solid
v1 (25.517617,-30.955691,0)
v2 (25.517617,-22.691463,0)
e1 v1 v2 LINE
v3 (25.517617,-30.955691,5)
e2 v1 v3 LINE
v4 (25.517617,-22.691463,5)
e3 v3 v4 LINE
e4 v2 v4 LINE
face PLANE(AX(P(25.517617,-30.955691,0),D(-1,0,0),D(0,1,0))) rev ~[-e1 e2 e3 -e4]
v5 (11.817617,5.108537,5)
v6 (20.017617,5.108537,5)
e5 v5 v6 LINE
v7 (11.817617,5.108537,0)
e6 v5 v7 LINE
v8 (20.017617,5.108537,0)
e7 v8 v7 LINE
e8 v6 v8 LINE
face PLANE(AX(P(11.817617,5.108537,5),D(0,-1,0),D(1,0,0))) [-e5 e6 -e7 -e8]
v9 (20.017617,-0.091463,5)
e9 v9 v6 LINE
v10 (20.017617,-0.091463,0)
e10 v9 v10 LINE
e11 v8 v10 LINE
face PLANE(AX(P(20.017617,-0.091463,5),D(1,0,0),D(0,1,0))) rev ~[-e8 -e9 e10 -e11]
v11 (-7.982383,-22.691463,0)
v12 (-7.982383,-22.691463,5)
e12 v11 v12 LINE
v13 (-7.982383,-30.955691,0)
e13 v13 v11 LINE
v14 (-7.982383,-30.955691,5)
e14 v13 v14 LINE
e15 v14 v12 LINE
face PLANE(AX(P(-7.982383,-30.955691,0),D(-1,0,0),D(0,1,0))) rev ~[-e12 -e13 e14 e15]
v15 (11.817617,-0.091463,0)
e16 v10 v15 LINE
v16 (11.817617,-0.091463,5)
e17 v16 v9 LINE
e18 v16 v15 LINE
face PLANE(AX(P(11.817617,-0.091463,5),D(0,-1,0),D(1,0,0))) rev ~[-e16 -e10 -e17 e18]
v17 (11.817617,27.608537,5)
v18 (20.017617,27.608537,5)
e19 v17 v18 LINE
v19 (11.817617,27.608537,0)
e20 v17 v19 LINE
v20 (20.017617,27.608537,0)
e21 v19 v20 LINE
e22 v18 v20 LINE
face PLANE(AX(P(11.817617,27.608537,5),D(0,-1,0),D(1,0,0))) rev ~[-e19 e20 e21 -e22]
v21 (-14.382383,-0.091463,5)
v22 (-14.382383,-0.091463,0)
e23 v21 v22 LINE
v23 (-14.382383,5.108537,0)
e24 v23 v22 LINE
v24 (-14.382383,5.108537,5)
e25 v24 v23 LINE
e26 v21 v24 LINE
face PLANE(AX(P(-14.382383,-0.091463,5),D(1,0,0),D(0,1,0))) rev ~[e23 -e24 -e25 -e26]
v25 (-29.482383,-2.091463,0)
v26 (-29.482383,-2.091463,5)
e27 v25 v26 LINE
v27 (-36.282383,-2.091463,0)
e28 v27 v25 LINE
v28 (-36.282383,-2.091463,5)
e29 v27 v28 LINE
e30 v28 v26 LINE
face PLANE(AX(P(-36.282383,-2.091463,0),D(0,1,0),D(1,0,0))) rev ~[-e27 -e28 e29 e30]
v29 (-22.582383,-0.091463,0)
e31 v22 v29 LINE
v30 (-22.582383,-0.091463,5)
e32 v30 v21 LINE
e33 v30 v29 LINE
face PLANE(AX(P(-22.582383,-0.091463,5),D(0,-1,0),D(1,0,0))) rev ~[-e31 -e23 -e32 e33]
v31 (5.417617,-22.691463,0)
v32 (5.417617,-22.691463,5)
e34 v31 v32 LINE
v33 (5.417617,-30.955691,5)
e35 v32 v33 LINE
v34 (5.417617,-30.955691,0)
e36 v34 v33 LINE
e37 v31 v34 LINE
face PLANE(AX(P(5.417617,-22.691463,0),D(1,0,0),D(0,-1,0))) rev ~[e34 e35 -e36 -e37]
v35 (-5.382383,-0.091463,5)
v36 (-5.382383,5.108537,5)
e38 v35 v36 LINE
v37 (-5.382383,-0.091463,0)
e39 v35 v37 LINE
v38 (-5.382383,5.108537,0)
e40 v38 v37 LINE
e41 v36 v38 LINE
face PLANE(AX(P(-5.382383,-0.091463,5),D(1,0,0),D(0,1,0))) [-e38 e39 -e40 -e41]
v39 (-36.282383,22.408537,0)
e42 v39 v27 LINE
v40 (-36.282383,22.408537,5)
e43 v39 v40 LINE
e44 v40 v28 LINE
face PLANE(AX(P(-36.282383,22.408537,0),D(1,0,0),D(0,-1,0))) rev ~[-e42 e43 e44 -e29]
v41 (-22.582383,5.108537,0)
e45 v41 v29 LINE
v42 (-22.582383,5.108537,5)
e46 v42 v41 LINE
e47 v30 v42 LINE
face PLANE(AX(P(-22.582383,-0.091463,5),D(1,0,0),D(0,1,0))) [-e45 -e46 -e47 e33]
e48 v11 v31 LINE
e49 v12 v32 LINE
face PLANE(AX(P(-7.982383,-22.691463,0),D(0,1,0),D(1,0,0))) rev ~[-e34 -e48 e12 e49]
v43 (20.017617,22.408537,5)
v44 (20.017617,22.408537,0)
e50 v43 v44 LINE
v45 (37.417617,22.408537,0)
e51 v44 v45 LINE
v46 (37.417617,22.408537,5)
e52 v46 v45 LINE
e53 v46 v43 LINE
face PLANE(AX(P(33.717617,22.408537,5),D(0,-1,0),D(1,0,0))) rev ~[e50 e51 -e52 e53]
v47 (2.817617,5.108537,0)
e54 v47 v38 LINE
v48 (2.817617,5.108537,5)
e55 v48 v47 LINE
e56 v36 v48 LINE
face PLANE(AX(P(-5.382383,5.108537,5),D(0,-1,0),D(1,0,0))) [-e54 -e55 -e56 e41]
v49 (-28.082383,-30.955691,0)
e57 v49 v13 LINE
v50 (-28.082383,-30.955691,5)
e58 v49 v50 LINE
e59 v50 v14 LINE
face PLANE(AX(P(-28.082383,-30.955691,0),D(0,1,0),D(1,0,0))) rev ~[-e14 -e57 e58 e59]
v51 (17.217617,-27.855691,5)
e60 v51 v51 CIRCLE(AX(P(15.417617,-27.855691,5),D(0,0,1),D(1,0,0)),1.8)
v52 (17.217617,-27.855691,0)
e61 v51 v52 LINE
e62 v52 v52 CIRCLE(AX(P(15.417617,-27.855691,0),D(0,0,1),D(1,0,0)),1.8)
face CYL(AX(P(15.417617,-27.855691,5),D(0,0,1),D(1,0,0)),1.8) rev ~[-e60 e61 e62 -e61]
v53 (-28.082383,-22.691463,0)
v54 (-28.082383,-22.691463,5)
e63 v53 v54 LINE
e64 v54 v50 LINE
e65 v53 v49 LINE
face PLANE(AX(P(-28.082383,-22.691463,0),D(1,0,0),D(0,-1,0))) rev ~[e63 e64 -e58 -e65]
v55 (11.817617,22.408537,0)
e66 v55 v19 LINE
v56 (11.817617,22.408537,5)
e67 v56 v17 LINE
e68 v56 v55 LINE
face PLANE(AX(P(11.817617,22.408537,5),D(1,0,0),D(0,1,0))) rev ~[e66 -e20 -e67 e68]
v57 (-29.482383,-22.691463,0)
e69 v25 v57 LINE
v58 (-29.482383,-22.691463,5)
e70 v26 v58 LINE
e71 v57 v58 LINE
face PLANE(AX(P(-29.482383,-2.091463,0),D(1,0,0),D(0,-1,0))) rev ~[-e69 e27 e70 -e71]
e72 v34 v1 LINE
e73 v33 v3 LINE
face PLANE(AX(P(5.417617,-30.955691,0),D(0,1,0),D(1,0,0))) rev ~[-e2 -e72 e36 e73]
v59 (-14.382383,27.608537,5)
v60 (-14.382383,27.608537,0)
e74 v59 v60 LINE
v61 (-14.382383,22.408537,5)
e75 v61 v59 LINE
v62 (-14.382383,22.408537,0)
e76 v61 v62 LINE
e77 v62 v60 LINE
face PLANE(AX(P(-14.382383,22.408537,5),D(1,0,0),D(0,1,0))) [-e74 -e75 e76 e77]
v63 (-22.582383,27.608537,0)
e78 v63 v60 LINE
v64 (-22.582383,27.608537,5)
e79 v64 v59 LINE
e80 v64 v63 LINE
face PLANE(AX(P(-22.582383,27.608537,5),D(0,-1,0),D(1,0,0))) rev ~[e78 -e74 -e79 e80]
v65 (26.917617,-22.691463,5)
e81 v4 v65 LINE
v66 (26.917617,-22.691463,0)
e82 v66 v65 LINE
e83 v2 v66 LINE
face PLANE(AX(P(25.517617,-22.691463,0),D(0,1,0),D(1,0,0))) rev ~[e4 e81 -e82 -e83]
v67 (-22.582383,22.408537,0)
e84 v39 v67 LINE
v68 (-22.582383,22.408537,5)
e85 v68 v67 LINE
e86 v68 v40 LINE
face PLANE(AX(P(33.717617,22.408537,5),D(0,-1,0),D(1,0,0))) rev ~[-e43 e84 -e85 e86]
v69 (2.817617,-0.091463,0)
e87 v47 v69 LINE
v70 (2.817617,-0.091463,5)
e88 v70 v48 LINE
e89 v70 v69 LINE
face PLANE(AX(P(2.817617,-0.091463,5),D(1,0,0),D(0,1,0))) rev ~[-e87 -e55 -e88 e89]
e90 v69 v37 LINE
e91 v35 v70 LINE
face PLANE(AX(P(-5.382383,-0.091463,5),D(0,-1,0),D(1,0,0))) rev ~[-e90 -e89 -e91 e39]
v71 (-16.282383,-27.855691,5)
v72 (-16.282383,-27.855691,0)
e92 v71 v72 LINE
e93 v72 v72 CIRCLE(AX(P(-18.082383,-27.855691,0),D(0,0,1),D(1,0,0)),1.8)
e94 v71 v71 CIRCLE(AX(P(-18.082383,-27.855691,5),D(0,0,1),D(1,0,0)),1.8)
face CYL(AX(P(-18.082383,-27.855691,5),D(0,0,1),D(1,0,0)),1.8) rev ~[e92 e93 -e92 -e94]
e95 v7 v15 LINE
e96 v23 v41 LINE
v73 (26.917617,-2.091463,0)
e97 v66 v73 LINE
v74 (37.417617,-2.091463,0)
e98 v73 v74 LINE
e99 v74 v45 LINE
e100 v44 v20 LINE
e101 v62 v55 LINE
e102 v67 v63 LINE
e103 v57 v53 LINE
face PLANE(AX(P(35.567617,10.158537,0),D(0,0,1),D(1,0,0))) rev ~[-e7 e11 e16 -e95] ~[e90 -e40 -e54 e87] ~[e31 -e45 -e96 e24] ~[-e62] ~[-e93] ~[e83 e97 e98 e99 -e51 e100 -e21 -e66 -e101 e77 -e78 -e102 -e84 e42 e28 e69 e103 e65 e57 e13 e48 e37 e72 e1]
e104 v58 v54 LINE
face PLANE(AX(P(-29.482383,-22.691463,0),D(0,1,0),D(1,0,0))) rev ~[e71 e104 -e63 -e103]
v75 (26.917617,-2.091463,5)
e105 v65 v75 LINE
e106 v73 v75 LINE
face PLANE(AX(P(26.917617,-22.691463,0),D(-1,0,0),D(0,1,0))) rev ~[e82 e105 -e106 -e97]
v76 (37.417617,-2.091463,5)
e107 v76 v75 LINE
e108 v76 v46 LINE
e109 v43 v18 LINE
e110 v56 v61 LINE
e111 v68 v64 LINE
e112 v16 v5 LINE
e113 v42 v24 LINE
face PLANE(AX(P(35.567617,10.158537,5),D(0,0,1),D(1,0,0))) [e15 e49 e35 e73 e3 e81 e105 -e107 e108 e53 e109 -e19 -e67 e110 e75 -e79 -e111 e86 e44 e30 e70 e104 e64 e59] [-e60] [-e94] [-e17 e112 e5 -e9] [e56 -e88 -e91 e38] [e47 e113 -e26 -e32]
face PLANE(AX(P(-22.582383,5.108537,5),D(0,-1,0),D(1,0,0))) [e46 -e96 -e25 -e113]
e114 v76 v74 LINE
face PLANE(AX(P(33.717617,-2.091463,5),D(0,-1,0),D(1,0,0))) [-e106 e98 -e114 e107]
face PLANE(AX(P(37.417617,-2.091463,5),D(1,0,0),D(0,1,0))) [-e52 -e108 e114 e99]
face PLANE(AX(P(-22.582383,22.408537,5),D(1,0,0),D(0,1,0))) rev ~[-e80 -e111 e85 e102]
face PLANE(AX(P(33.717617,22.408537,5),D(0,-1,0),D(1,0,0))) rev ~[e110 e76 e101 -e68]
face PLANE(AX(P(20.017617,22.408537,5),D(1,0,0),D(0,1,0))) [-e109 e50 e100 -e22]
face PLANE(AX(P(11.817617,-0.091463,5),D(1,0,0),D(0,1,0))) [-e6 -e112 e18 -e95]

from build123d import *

# Parameters (mm, degrees)
BOSS_EXTRUDE1_DEPTH = 5
CUT_EXTRUDE1_REACH  = 7
SKETCH2_R           = 1.8
SKETCH2_W           = 8.2
SKETCH2_H           = 5.2
SKETCH3_W           = 3.7
SKETCH3_H           = 24.5
BOSS_EXTRUDE4_DEPTH = 5
SKETCH4_W           = 8.2
SKETCH4_H           = 5.2
BOSS_EXTRUDE7_DEPTH = 5


with BuildPart() as part:
    # Sketch1 → Boss-Extrude1 (new body)
    with BuildSketch(Plane.XY):
        Polygon((26.917617282, -2.091463415), (33.717617282, -2.091463415), (33.717617282, 22.408536585), (-36.282382718, 22.408536585), (-36.282382718, -2.091463415), (-29.482382718, -2.091463415), (-29.482382718, -22.691463415), (-28.082382718, -22.691463415), (-28.082382718, -30.955691057), (-7.982382718, -30.955691057), (-7.982382718, -22.691463415), (5.417617282, -22.691463415), (5.417617282, -30.955691057), (25.517617282, -30.955691057), (25.517617282, -22.691463415), (26.917617282, -22.691463415), align=None)
    extrude(amount=BOSS_EXTRUDE1_DEPTH)

    # Sketch2 → Cut-Extrude1 (cut, up to next)
    with BuildSketch(Plane.XY.offset(5), mode=Mode.PRIVATE) as cut_extrude1_sk1:
        with Locations((15.417617282, -27.855691057)):
            Circle(SKETCH2_R)
    cut_extrude1_tool1 = extrude(cut_extrude1_sk1.sketch, amount=-CUT_EXTRUDE1_REACH, mode=Mode.PRIVATE) & part.part
    add(cut_extrude1_tool1.solids().sort_by_distance((15.417617, -27.855691, 5))[0], mode=Mode.SUBTRACT)
    # Sketch2 → Cut-Extrude1 (cut, up to next)
    with BuildSketch(Plane.XY.offset(5), mode=Mode.PRIVATE) as cut_extrude1_sk2:
        with Locations((-18.082382718, -27.855691057)):
            Circle(SKETCH2_R)
    cut_extrude1_tool2 = extrude(cut_extrude1_sk2.sketch, amount=-CUT_EXTRUDE1_REACH, mode=Mode.PRIVATE) & part.part
    add(cut_extrude1_tool2.solids().sort_by_distance((-18.082383, -27.855691, 5))[0], mode=Mode.SUBTRACT)
    # Sketch2 → Cut-Extrude1 (cut, up to next)
    with BuildSketch(Plane.XY.offset(5), mode=Mode.PRIVATE) as cut_extrude1_sk3:
        with Locations((-18.482382718, 2.508536585)):
            Rectangle(SKETCH2_W, SKETCH2_H)
    cut_extrude1_tool3 = extrude(cut_extrude1_sk3.sketch, amount=-CUT_EXTRUDE1_REACH, mode=Mode.PRIVATE) & part.part
    add(cut_extrude1_tool3.solids().sort_by_distance((-18.482383, 2.508537, 5))[0], mode=Mode.SUBTRACT)
    # Sketch2 → Cut-Extrude1 (cut, up to next)
    with BuildSketch(Plane.XY.offset(5), mode=Mode.PRIVATE) as cut_extrude1_sk4:
        with Locations((-1.282382718, 2.508536585)):
            Rectangle(SKETCH2_W, SKETCH2_H)
    cut_extrude1_tool4 = extrude(cut_extrude1_sk4.sketch, amount=-CUT_EXTRUDE1_REACH, mode=Mode.PRIVATE) & part.part
    add(cut_extrude1_tool4.solids().sort_by_distance((-1.282383, 2.508537, 5))[0], mode=Mode.SUBTRACT)
    # Sketch2 → Cut-Extrude1 (cut, up to next)
    with BuildSketch(Plane.XY.offset(5), mode=Mode.PRIVATE) as cut_extrude1_sk5:
        with Locations((15.917617282, 2.508536585)):
            Rectangle(SKETCH2_W, SKETCH2_H)
    cut_extrude1_tool5 = extrude(cut_extrude1_sk5.sketch, amount=-CUT_EXTRUDE1_REACH, mode=Mode.PRIVATE) & part.part
    add(cut_extrude1_tool5.solids().sort_by_distance((15.917617, 2.508537, 5))[0], mode=Mode.SUBTRACT)

    # Sketch3 → Boss-Extrude4 (add)
    with BuildSketch(Plane.XY.offset(5)):
        with Locations((35.567617282, 10.158536585)):
            Rectangle(SKETCH3_W, SKETCH3_H)
    extrude(amount=-BOSS_EXTRUDE4_DEPTH)

    # Sketch4 → Boss-Extrude7 (add)
    with BuildSketch(Plane.XY.offset(5)):
        with Locations((-18.482382718, 25.008536585)):
            Rectangle(SKETCH4_W, SKETCH4_H)
        with Locations((15.917617282, 25.008536585)):
            Rectangle(SKETCH4_W, SKETCH4_H)
    extrude(amount=-BOSS_EXTRUDE7_DEPTH)


solid = part.part
